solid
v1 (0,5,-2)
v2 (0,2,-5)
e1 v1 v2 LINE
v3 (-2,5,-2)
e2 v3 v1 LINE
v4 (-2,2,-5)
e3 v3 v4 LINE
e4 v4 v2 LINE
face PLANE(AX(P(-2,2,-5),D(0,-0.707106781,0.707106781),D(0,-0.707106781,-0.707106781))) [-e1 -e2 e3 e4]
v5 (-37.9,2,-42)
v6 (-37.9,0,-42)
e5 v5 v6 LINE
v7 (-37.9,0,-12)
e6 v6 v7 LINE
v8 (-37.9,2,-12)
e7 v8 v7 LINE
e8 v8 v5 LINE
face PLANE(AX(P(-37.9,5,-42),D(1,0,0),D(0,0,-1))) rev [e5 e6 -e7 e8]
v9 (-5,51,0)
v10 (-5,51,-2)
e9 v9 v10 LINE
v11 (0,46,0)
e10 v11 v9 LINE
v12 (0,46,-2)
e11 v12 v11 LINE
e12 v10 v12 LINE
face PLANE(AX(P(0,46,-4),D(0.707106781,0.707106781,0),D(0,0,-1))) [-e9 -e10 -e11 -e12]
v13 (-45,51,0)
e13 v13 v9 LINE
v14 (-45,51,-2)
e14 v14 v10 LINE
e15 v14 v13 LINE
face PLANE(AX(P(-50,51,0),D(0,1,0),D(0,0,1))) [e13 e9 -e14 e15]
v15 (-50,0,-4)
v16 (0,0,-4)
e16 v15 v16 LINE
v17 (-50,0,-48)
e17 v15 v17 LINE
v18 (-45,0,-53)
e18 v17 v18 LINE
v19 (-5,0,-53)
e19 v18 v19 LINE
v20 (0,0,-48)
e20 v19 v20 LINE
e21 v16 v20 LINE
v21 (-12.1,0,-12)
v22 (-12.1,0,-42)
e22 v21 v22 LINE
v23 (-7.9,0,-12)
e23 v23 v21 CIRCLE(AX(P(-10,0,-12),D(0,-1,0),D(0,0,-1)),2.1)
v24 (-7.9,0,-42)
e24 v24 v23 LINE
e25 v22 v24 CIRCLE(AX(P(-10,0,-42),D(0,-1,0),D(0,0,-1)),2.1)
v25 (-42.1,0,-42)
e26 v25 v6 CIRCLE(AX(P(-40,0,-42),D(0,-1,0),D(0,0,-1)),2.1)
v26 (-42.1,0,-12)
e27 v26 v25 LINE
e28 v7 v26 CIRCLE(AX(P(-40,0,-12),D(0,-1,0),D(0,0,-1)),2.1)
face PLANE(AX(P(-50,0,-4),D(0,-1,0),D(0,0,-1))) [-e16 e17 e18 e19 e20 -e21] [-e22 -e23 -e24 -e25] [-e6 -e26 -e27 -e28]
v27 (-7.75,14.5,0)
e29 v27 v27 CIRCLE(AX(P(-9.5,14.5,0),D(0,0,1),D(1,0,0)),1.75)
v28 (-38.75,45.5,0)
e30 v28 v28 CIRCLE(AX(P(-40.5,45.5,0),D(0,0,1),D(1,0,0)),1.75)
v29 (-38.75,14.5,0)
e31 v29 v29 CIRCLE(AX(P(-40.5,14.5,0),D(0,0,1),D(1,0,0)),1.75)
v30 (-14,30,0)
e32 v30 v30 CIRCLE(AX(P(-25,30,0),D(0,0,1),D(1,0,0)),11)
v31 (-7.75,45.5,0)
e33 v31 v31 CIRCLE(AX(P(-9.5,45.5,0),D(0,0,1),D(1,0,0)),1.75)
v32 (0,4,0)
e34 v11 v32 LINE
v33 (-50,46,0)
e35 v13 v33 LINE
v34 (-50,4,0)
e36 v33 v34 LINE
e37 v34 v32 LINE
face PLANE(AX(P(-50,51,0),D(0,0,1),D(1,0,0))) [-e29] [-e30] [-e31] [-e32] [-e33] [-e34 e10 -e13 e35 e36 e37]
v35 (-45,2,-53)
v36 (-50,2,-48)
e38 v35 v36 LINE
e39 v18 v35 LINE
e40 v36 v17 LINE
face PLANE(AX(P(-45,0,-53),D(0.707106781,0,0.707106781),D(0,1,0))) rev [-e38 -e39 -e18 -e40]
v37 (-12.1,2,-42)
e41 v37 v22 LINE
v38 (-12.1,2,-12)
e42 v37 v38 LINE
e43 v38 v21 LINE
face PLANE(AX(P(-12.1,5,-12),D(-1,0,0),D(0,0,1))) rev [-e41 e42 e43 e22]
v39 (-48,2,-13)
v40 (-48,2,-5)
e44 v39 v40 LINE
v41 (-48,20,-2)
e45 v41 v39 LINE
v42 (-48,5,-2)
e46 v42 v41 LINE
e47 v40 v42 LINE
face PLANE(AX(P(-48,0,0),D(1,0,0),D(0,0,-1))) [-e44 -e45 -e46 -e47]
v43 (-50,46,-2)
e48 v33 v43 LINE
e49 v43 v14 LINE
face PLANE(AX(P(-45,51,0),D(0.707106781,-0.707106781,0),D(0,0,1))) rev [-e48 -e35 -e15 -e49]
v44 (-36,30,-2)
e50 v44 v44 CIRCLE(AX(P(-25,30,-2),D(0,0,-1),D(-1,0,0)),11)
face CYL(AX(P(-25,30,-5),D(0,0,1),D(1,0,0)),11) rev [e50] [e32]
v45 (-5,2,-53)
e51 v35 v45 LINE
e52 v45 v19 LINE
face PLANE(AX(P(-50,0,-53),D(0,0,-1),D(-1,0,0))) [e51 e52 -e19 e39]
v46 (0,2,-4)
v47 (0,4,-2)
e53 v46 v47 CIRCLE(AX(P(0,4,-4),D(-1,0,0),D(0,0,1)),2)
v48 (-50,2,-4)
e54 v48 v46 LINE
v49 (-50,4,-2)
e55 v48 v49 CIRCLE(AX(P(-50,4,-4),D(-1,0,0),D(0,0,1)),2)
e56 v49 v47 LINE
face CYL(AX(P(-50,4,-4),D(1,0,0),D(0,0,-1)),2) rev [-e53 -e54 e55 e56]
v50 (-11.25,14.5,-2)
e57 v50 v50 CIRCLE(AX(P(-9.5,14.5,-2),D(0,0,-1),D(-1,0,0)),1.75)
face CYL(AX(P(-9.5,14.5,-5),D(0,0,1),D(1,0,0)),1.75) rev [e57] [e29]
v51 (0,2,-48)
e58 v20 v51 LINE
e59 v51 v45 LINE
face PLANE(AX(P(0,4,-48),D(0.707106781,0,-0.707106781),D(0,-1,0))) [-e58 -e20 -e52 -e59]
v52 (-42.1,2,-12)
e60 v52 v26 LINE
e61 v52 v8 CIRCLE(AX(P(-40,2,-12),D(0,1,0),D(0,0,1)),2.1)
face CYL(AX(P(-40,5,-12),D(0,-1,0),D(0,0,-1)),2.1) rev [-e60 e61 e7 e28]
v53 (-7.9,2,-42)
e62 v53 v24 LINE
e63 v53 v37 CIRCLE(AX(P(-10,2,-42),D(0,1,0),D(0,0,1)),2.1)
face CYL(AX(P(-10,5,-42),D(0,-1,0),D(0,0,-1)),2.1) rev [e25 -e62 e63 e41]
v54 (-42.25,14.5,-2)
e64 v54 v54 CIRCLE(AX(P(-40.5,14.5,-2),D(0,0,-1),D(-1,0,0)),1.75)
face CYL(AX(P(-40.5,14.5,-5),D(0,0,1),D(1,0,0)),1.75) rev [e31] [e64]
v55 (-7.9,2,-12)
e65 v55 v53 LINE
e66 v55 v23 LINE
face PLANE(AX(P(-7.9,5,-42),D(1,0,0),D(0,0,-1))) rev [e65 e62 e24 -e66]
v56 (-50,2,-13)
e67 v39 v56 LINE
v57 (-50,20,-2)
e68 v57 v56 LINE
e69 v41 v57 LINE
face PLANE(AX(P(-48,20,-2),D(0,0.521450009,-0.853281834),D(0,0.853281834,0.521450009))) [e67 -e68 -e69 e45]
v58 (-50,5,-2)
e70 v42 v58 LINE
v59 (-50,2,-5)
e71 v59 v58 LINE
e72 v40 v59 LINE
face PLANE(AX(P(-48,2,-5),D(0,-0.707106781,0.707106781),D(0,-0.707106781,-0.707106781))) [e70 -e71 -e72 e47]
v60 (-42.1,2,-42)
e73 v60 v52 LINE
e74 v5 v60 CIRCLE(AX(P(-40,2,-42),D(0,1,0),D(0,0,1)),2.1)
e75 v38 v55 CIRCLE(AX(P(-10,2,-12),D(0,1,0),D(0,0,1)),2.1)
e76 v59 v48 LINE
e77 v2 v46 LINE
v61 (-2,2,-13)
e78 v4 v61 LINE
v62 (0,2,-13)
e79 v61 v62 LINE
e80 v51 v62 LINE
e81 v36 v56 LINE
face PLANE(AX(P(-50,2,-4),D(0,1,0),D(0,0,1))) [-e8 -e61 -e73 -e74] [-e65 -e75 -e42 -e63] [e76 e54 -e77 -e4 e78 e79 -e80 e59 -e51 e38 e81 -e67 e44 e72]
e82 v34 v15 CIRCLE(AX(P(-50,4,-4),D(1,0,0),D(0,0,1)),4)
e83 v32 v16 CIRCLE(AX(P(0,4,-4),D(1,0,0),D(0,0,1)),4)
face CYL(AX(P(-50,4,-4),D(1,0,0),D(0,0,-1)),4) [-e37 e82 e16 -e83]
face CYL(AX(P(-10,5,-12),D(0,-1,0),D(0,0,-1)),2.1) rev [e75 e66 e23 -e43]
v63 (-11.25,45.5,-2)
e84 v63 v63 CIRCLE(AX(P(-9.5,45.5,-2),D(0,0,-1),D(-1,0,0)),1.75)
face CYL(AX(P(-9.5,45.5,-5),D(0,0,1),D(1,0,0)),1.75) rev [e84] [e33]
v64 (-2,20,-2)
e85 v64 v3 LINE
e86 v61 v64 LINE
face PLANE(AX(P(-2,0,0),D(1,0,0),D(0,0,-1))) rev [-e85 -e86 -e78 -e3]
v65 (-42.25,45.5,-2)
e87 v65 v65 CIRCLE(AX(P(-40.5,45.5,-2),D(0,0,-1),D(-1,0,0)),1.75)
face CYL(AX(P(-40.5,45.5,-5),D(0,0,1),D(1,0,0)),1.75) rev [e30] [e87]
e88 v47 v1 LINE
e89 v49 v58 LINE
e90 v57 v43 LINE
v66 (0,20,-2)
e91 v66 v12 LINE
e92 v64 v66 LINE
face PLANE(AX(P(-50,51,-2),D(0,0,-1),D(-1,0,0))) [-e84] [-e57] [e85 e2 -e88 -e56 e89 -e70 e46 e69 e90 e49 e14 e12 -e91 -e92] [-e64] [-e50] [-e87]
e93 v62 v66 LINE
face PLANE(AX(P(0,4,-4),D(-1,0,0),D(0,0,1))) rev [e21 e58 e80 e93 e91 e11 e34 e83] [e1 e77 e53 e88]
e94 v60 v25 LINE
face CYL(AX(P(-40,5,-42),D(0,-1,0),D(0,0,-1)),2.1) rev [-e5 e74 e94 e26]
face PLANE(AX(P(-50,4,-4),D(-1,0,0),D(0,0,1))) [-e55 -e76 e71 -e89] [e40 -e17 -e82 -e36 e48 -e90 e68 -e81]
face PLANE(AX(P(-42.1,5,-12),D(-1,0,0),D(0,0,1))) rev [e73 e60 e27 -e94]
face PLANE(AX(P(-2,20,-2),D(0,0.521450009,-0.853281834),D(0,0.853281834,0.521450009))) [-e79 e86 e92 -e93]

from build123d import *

# Parameters (mm, degrees)
BOSS_EXTRUDE1_DEPTH = 50
BOSS_EXTRUDE2_DEPTH = 2
BOSS_EXTRUDE3_DEPTH = 2
SKETCH4_R           = 11
SKETCH4_R_2         = 1.75
CUT_EXTRUDE1_DEPTH  = 5
CUT_EXTRUDE2_DEPTH  = 5
CHAMFER1_SIZE       = 5


with BuildPart() as part:
    # Sketch1 → Boss-Extrude1 (new body)
    with BuildSketch(Plane(origin=(0, 0, 0), x_dir=(0, 0, -1), z_dir=(1, 0, 0))):
        with BuildLine():
            Line((0, 51), (0, 4))
            ThreePointArc((0, 4), (1.171572875, 1.171572875), (4, 0))
            Line((4, 0), (53, 0))
            Line((53, 0), (53, 2))
            Line((53, 2), (4, 2))
            ThreePointArc((4, 2), (2.585786438, 2.585786438), (2, 4))
            Line((2, 4), (2, 51))
            Line((2, 51), (0, 51))
        make_face()
    extrude(amount=-BOSS_EXTRUDE1_DEPTH)

    # Sketch2 → Boss-Extrude2 (add)
    with BuildSketch(Plane(origin=(0, 0, 0), x_dir=(0, 0, -1), z_dir=(1, 0, 0))):
        Polygon((2, 20), (13, 2), (5, 2), (2, 5), align=None)
    extrude(amount=-BOSS_EXTRUDE2_DEPTH)

    # Sketch3 → Boss-Extrude3 (add)
    with BuildSketch(Plane.ZY.offset(50)):
        Polygon((-2, 20), (-13, 2), (-5, 2), (-2, 5), align=None)
    extrude(amount=-BOSS_EXTRUDE3_DEPTH)

    # Sketch4 → Cut-Extrude1 (cut)
    with BuildSketch(Plane.XY):
        with Locations((-25, 30)):
            Circle(SKETCH4_R)
        with Locations((-9.5, 45.5)):
            Circle(SKETCH4_R_2)
        with Locations((-40.5, 45.5)):
            Circle(SKETCH4_R_2)
        with Locations((-40.5, 14.5)):
            Circle(SKETCH4_R_2)
        with Locations((-9.5, 14.5)):
            Circle(SKETCH4_R_2)
    extrude(amount=-CUT_EXTRUDE1_DEPTH, mode=Mode.SUBTRACT)

    # Sketch5 → Cut-Extrude2 (cut)
    with BuildSketch(Plane.XZ):
        with BuildLine():
            Line((-7.9, -42), (-7.9, -12))
            ThreePointArc((-7.9, -12), (-10, -9.9), (-12.1, -12))
            Line((-12.1, -12), (-12.1, -42))
            ThreePointArc((-12.1, -42), (-10, -44.1), (-7.9, -42))
        make_face()
        with BuildLine():
            Line((-37.9, -42), (-37.9, -12))
            ThreePointArc((-37.9, -12), (-40, -9.9), (-42.1, -12))
            Line((-42.1, -12), (-42.1, -42))
            ThreePointArc((-42.1, -42), (-40, -44.1), (-37.9, -42))
        make_face()
    extrude(amount=-CUT_EXTRUDE2_DEPTH, mode=Mode.SUBTRACT)

    # Chamfer1
    chamfer1_edges = [part.edges().sort_by_distance(p)[0] for p in [
        (0, 51, -1),
        (-50, 1, -53),
        (-50, 51, -1),
        (0, 1, -53),
    ]]
    chamfer(chamfer1_edges, length=CHAMFER1_SIZE)


solid = part.part
